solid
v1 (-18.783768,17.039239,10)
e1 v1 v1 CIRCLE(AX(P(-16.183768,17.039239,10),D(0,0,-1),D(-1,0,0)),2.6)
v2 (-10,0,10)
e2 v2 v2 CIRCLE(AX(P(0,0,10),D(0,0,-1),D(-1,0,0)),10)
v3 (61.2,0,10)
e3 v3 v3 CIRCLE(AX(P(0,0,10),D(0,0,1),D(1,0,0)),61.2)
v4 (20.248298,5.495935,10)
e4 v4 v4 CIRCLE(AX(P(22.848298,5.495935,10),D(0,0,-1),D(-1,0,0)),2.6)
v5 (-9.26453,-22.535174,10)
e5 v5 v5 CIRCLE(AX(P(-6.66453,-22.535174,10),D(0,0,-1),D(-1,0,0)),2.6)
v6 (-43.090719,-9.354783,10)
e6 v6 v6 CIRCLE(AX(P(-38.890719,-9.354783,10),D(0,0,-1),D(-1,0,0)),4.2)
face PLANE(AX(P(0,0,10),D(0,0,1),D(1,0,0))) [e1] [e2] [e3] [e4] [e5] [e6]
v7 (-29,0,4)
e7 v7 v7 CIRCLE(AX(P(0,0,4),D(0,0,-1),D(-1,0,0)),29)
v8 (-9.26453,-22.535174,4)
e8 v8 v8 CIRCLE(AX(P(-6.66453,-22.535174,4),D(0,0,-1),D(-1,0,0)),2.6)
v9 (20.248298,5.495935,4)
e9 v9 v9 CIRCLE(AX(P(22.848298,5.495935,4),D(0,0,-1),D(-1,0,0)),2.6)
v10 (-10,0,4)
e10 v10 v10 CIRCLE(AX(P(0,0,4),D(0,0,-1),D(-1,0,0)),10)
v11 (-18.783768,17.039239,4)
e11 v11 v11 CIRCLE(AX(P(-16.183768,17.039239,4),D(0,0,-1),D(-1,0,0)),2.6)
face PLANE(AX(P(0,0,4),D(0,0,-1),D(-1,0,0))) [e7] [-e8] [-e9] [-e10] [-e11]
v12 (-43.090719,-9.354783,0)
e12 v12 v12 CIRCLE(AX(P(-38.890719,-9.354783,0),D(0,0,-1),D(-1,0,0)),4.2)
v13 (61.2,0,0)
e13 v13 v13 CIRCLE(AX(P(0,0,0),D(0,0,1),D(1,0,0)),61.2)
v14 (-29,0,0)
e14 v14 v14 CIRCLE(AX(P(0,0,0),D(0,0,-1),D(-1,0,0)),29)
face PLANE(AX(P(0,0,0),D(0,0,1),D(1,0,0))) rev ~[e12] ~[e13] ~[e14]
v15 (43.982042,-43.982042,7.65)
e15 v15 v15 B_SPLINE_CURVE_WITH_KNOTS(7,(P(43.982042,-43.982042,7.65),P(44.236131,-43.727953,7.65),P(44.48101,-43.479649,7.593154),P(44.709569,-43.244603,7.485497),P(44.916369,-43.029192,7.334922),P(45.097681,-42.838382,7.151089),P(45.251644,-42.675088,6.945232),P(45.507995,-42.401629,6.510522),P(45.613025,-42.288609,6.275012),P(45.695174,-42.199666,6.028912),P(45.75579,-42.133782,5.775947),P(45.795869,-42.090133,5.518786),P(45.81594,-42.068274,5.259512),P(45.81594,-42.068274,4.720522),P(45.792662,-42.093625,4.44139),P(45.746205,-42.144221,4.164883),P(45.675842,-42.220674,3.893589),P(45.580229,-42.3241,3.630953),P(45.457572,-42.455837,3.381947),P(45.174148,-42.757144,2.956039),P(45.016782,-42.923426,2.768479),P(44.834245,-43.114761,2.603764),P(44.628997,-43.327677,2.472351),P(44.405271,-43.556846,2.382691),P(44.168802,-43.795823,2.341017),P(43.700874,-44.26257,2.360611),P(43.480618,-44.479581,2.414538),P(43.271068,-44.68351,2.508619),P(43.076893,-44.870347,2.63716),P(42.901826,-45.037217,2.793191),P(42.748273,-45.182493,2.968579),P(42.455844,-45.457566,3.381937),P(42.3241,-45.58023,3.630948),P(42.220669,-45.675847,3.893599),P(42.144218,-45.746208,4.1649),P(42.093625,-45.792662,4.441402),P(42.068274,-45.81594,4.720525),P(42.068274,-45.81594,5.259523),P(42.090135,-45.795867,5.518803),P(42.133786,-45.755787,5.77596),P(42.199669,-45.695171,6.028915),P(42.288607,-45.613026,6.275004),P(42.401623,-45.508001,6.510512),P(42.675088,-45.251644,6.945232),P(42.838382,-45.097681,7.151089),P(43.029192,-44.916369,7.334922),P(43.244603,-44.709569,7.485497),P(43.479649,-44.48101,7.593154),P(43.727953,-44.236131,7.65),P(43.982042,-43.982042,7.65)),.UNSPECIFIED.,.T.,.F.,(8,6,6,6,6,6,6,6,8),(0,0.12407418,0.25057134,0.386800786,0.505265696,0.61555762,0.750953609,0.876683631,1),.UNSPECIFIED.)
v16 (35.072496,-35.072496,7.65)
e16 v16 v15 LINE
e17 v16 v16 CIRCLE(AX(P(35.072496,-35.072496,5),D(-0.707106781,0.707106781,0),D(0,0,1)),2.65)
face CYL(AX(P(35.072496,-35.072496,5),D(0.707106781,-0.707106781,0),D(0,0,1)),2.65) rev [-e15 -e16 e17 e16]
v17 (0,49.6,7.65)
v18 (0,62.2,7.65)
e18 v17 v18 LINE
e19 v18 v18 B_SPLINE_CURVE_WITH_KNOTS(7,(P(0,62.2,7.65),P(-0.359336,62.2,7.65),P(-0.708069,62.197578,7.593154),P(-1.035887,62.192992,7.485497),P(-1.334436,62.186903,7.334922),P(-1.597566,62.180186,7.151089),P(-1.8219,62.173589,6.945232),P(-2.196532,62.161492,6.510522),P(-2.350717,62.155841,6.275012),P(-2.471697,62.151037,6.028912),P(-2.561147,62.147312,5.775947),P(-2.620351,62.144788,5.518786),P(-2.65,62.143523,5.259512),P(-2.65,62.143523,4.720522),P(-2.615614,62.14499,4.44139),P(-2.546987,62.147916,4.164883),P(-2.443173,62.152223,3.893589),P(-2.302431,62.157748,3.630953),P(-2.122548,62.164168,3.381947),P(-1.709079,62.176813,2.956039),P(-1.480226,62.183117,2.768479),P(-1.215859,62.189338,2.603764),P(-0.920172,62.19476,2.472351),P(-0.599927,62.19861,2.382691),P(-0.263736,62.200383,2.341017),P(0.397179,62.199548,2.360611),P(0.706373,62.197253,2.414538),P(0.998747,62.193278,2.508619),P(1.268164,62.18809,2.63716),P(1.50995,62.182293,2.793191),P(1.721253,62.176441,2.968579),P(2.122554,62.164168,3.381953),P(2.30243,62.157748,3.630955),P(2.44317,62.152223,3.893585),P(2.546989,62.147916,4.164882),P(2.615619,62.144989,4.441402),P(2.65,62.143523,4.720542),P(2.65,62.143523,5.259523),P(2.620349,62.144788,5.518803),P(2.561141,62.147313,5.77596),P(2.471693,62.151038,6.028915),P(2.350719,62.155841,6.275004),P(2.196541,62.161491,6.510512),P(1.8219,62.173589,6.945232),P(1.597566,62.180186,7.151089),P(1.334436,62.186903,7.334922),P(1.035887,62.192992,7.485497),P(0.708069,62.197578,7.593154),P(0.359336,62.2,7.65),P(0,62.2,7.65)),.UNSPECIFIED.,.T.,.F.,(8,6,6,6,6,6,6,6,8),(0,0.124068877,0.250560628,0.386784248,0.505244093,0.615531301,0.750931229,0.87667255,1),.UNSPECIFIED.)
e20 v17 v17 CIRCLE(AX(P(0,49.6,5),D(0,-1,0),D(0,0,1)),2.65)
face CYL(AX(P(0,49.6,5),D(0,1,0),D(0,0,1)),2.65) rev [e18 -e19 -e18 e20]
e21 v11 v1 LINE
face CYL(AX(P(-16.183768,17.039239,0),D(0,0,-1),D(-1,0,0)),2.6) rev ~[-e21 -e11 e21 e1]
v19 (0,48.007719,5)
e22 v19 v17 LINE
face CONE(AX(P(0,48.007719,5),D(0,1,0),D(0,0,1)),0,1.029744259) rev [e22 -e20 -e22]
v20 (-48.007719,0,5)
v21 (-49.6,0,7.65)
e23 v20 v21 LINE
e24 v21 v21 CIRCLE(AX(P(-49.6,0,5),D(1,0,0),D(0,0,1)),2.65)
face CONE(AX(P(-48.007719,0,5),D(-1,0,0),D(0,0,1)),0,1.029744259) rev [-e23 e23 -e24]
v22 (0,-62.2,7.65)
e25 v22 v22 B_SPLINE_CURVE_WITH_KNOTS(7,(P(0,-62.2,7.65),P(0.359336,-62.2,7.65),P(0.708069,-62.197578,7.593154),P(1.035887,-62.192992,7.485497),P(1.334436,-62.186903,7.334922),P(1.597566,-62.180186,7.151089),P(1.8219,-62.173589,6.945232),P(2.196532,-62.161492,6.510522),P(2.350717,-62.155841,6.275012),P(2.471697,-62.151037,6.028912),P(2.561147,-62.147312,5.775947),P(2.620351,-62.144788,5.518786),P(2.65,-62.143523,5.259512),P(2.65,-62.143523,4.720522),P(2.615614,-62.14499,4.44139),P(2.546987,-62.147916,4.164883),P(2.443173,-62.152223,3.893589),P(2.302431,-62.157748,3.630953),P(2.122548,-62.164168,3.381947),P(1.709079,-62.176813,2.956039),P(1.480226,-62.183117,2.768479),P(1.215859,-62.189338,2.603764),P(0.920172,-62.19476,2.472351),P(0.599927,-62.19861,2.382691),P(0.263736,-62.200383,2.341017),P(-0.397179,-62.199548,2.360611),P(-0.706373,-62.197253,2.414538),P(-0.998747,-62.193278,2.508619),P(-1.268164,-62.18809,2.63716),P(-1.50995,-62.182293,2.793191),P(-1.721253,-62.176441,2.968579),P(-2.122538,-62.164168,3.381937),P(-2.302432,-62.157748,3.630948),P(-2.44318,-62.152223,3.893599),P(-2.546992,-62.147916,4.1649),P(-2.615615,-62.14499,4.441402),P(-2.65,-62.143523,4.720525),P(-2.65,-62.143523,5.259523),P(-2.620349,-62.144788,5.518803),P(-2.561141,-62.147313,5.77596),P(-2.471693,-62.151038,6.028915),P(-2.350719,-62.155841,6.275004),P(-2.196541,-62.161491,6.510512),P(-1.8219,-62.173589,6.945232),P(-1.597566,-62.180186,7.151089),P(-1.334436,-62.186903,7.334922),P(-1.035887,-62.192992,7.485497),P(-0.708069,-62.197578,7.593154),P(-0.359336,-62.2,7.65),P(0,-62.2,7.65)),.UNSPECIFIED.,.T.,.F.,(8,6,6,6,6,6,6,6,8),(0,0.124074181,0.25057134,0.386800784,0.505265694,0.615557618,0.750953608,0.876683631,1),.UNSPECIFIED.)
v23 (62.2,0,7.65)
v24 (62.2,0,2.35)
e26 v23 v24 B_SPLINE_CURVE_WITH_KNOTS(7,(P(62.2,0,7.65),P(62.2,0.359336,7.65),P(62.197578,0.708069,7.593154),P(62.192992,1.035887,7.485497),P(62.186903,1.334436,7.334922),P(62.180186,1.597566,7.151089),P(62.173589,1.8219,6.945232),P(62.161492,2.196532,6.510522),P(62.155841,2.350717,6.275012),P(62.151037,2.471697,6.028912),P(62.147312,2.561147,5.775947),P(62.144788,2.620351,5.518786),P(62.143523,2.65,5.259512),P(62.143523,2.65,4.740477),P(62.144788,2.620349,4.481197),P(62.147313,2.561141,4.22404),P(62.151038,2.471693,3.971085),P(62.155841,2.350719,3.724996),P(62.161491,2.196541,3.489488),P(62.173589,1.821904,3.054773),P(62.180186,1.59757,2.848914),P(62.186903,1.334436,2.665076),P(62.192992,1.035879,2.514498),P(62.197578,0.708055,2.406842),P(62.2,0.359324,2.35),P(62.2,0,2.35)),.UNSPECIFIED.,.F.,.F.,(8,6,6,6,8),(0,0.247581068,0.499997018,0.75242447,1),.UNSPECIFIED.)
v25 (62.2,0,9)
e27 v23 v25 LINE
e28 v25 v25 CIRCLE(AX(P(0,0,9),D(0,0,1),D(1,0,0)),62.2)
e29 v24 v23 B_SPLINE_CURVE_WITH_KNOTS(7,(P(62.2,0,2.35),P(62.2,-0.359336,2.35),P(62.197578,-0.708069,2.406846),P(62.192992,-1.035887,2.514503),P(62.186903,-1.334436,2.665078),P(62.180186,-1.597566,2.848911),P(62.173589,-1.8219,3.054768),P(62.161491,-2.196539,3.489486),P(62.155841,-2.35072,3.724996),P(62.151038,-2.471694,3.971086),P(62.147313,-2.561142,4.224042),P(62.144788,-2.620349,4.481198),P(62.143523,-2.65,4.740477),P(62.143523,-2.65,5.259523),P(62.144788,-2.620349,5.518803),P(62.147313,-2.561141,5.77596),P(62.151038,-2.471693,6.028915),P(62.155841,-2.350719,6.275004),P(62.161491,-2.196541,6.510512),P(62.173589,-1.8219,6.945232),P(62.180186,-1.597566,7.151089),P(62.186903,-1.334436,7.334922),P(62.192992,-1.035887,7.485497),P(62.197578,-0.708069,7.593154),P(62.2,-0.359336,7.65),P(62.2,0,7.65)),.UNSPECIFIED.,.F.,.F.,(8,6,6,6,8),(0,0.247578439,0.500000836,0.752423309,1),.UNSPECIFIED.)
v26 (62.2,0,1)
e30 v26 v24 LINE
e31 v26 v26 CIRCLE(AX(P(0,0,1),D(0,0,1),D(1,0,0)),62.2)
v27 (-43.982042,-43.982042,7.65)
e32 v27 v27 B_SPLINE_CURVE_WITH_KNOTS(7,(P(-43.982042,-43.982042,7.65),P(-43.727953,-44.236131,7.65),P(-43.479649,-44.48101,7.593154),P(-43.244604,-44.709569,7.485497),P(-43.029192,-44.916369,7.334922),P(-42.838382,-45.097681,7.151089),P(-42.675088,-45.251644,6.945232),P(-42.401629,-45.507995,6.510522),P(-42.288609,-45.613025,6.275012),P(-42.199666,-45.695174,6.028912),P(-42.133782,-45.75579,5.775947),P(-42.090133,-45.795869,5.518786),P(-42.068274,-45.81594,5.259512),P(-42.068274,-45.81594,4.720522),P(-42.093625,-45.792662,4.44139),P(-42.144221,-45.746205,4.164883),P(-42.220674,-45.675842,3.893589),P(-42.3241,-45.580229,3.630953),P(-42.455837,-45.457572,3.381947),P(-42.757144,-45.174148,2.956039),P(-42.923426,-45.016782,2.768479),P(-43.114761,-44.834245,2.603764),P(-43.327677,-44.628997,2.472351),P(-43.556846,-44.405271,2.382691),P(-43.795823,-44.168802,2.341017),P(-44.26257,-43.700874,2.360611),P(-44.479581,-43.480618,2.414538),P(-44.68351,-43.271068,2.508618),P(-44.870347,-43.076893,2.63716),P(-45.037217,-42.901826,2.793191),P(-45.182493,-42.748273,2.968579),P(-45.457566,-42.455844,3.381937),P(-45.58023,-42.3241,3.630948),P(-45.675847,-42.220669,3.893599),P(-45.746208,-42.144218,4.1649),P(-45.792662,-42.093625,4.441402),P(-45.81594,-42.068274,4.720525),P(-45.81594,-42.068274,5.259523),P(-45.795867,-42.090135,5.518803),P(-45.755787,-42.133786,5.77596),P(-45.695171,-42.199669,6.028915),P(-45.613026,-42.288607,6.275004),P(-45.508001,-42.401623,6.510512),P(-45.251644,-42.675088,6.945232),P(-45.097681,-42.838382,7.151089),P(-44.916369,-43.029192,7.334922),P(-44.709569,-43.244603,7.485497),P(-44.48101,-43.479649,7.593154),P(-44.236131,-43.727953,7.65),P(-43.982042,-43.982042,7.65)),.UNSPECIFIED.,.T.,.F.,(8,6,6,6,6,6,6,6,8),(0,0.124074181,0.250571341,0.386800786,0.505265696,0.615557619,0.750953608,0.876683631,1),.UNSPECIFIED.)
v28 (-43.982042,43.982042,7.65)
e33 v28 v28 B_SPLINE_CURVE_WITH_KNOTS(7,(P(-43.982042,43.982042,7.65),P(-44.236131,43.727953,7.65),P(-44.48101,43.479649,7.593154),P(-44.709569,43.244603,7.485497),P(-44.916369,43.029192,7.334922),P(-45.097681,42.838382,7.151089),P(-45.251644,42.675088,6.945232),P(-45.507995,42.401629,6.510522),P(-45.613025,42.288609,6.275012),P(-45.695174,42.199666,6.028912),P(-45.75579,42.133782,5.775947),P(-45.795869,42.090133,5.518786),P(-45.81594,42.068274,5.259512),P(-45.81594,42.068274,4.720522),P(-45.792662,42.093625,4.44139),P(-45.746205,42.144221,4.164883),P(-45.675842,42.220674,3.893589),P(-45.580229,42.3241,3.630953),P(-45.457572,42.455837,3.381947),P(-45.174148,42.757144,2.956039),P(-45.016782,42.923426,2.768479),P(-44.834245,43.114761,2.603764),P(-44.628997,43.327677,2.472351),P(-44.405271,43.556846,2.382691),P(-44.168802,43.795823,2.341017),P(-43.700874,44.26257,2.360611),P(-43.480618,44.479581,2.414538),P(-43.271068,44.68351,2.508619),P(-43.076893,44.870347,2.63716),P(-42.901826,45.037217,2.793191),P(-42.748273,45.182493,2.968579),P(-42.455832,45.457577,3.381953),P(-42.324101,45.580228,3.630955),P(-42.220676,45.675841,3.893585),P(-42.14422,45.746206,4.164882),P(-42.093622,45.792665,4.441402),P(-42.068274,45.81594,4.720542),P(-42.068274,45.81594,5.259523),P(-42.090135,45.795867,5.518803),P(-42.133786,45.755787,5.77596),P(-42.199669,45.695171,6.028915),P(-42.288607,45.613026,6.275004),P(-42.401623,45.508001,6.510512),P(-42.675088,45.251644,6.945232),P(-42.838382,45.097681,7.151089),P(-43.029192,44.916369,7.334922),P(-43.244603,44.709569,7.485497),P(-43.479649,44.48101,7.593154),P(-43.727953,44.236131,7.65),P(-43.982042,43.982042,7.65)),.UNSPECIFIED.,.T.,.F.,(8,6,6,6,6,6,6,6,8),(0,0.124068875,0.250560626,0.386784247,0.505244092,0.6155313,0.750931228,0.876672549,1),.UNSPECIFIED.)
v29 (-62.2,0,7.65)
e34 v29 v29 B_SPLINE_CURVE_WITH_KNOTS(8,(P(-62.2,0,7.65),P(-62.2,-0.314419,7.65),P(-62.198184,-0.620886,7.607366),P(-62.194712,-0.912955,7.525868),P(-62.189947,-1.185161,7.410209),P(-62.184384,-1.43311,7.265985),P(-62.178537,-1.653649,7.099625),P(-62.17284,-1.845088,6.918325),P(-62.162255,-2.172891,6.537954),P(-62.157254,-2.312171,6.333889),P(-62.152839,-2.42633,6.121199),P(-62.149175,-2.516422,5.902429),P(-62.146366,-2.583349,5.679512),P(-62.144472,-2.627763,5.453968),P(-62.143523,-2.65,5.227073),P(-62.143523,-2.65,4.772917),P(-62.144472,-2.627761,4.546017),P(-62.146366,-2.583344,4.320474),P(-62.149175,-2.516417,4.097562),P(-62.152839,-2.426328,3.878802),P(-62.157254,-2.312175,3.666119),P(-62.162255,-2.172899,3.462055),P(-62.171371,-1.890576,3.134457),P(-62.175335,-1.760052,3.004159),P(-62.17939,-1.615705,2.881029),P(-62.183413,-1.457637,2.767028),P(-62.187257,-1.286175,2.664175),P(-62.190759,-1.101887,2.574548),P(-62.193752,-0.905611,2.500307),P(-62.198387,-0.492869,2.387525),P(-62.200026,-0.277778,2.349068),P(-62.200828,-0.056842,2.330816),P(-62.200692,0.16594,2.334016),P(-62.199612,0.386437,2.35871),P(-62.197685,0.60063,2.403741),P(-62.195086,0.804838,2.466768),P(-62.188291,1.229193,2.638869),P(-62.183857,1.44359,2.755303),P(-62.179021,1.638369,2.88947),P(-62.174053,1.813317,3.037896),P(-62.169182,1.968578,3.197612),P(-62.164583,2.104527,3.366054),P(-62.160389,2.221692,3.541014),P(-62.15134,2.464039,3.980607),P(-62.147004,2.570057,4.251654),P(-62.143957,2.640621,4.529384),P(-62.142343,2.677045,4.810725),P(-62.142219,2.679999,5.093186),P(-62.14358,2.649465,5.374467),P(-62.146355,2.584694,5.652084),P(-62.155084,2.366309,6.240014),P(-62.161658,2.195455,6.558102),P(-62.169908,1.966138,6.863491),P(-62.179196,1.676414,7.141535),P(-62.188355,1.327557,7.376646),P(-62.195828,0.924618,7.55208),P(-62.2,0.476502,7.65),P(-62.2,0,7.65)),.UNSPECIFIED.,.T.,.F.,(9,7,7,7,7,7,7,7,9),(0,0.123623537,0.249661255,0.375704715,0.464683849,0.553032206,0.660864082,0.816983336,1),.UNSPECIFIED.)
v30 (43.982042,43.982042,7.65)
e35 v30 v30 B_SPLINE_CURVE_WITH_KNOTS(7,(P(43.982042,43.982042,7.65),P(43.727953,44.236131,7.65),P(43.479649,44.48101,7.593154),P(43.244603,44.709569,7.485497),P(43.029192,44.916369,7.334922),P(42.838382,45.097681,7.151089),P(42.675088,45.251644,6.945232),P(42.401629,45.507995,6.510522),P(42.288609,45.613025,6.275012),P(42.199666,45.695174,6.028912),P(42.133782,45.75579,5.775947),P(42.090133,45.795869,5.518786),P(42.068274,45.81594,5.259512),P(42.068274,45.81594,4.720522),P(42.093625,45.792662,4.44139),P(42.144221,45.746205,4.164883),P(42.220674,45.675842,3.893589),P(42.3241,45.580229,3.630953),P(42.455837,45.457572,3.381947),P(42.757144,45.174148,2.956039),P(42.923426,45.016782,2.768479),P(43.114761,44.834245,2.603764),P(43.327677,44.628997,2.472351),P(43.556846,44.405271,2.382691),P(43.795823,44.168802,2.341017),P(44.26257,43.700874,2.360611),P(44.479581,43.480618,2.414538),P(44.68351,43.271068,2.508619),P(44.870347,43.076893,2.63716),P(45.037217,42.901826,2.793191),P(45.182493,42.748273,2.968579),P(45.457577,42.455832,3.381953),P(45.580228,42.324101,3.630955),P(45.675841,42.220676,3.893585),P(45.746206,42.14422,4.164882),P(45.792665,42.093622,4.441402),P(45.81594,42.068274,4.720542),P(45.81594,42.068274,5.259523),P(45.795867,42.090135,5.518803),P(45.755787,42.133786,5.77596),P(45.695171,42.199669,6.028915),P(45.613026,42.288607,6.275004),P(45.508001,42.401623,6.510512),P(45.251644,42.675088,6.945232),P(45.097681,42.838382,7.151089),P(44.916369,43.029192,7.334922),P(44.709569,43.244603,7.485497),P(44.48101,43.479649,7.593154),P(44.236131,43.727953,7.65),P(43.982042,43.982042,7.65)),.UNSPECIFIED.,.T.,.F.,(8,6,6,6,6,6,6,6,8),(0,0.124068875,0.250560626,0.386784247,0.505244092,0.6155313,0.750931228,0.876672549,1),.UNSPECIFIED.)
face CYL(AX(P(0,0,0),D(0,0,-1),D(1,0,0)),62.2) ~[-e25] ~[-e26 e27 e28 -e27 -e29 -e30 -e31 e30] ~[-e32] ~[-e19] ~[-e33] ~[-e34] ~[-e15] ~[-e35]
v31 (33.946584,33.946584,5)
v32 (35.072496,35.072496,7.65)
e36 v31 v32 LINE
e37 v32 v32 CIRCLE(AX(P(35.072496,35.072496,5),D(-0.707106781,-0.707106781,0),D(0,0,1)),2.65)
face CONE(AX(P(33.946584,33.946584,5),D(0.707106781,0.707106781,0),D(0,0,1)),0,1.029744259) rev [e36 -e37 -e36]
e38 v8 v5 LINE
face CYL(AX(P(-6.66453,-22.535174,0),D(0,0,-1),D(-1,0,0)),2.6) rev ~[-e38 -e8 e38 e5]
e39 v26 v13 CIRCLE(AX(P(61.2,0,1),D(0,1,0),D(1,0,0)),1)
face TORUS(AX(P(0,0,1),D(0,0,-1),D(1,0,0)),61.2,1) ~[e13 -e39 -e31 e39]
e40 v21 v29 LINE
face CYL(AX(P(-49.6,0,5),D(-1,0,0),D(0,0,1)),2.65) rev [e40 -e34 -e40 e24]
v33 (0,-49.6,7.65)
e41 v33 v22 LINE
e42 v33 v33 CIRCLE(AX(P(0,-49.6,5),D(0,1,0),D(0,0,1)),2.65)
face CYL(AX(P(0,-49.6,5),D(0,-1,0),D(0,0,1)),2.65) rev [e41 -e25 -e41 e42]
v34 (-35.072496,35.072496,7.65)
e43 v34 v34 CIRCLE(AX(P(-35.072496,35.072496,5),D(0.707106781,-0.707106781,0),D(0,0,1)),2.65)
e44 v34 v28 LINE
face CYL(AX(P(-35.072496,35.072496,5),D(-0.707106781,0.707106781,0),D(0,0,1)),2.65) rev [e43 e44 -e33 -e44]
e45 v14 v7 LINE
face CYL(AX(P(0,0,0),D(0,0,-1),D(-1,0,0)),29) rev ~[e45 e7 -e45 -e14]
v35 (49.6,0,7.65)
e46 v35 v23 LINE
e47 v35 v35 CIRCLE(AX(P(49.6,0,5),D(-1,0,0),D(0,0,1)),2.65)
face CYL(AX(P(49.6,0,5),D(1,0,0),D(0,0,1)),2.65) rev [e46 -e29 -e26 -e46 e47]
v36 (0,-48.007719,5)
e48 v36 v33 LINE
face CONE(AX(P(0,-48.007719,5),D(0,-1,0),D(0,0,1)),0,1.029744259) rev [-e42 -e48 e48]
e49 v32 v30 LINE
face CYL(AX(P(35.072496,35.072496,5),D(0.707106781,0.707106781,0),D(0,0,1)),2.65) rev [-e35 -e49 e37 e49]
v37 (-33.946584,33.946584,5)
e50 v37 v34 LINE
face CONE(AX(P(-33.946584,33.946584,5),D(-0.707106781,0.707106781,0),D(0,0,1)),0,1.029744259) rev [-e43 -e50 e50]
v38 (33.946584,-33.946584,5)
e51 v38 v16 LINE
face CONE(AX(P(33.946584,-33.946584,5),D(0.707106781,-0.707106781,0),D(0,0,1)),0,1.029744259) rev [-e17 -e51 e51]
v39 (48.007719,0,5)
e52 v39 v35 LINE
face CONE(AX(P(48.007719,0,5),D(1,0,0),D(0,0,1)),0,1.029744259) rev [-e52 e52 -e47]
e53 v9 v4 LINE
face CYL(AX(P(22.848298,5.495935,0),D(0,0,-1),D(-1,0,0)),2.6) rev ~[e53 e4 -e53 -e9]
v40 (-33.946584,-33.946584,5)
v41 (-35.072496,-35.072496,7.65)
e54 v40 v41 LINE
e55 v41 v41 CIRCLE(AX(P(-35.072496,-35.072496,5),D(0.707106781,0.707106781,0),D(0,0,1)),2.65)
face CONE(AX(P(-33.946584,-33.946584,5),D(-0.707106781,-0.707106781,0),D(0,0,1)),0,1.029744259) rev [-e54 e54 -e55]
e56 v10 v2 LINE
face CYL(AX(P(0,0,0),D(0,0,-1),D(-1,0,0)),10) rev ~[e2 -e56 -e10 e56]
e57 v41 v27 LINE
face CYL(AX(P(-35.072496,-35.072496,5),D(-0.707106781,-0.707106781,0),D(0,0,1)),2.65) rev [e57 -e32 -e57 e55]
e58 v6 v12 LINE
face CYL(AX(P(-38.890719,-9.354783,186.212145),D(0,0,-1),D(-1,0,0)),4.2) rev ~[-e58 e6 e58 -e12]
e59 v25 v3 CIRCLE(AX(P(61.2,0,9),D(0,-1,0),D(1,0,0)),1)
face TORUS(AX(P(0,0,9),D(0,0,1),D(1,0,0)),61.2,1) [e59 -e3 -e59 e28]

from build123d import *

# Parameters (mm, degrees)
IZIM1_R                     = 62.2
Y_KSEKLIK_EKSTR_ZYON1_DEPTH = 10
RADYUS1_R                   = 1
IZIM2_R                     = 10
KES_EKSTR_ZYON1_DEPTH       = 10
IZIM8_R                     = 2.6
KES_EKSTR_ZYON5_DEPTH       = 10
IZIM10_R                    = 29
KES_EKSTR_ZYON7_DEPTH       = 4
M8_BO_LUKLU_DELIK1_D        = 8.4
DAIRESEL_KAPLAMA1_COUNT     = 8


with BuildPart() as part:
    # Çizim1 → Yükseklik-Ekstrüzyon1 (new body)
    with BuildSketch(Plane.XY):
        Circle(IZIM1_R)
    extrude(amount=Y_KSEKLIK_EKSTR_ZYON1_DEPTH)

    # Radyus1
    radyus1_edges = [part.edges().sort_by_distance(p)[0] for p in [
        (-62.2, 0, 0),
        (-62.2, 0, 10),
    ]]
    fillet(radyus1_edges, radius=RADYUS1_R)

    # Çizim2 → Kes-Ekstrüzyon1 (cut)
    with BuildSketch(Plane(origin=(0, 0, 0), x_dir=(-1, 0, 0), z_dir=(0, 0, -1))):
        Circle(IZIM2_R)
    extrude(amount=-KES_EKSTR_ZYON1_DEPTH, mode=Mode.SUBTRACT)

    # Çizim8 → Kes-Ekstrüzyon5 (cut)
    with BuildSketch(Plane(origin=(0, 0, 0), x_dir=(-1, 0, 0), z_dir=(0, 0, -1))):
        with Locations((16.183768006, 17.039238631)):
            Circle(IZIM8_R)
        with Locations((6.664529512, -22.535173538)):
            Circle(IZIM8_R)
        with Locations((-22.848297519, 5.495934907)):
            Circle(IZIM8_R)
    extrude(amount=-KES_EKSTR_ZYON5_DEPTH, mode=Mode.SUBTRACT)

    # Çizim10 → Kes-Ekstrüzyon7 (cut)
    with BuildSketch(Plane(origin=(0, 0, 0), x_dir=(-1, 0, 0), z_dir=(0, 0, -1))):
        Circle(IZIM10_R)
    extrude(amount=-KES_EKSTR_ZYON7_DEPTH, mode=Mode.SUBTRACT)

    # M8 Boşluklu Delik1 (through all)
    with Locations(Plane(origin=(-38.890719181, -9.35478282, 10), x_dir=(1, 0, 0), z_dir=(0, 0, 1))):
        with Locations((0, 0)):
            Hole(M8_BO_LUKLU_DELIK1_D / 2)

    # Çizim18 → M5 Boşluklu Delik1 (revolve, cut)
    with BuildSketch(Plane(origin=(0, 62.2, 5), x_dir=(0, 0, 1), z_dir=(1, 0, 0))):
        Polygon((0, 0), (0, 14.19228064), (2.65, 12.6), (2.65, 0), align=None)
    m5_bo_luklu_delik1 = revolve(axis=Axis((0, 68.55, 5), (0, -1, 0)), mode=Mode.SUBTRACT)

    # Dairesel Kaplama1: M5 Boşluklu Delik1 ×8 about axis
    dairesel_kaplama1_axis = Axis((0, 0, 10), (0, 0, -1))
    for i in range(1, DAIRESEL_KAPLAMA1_COUNT):
        add(m5_bo_luklu_delik1.rotate(dairesel_kaplama1_axis, i * 360 / DAIRESEL_KAPLAMA1_COUNT), mode=Mode.SUBTRACT)


solid = part.part
